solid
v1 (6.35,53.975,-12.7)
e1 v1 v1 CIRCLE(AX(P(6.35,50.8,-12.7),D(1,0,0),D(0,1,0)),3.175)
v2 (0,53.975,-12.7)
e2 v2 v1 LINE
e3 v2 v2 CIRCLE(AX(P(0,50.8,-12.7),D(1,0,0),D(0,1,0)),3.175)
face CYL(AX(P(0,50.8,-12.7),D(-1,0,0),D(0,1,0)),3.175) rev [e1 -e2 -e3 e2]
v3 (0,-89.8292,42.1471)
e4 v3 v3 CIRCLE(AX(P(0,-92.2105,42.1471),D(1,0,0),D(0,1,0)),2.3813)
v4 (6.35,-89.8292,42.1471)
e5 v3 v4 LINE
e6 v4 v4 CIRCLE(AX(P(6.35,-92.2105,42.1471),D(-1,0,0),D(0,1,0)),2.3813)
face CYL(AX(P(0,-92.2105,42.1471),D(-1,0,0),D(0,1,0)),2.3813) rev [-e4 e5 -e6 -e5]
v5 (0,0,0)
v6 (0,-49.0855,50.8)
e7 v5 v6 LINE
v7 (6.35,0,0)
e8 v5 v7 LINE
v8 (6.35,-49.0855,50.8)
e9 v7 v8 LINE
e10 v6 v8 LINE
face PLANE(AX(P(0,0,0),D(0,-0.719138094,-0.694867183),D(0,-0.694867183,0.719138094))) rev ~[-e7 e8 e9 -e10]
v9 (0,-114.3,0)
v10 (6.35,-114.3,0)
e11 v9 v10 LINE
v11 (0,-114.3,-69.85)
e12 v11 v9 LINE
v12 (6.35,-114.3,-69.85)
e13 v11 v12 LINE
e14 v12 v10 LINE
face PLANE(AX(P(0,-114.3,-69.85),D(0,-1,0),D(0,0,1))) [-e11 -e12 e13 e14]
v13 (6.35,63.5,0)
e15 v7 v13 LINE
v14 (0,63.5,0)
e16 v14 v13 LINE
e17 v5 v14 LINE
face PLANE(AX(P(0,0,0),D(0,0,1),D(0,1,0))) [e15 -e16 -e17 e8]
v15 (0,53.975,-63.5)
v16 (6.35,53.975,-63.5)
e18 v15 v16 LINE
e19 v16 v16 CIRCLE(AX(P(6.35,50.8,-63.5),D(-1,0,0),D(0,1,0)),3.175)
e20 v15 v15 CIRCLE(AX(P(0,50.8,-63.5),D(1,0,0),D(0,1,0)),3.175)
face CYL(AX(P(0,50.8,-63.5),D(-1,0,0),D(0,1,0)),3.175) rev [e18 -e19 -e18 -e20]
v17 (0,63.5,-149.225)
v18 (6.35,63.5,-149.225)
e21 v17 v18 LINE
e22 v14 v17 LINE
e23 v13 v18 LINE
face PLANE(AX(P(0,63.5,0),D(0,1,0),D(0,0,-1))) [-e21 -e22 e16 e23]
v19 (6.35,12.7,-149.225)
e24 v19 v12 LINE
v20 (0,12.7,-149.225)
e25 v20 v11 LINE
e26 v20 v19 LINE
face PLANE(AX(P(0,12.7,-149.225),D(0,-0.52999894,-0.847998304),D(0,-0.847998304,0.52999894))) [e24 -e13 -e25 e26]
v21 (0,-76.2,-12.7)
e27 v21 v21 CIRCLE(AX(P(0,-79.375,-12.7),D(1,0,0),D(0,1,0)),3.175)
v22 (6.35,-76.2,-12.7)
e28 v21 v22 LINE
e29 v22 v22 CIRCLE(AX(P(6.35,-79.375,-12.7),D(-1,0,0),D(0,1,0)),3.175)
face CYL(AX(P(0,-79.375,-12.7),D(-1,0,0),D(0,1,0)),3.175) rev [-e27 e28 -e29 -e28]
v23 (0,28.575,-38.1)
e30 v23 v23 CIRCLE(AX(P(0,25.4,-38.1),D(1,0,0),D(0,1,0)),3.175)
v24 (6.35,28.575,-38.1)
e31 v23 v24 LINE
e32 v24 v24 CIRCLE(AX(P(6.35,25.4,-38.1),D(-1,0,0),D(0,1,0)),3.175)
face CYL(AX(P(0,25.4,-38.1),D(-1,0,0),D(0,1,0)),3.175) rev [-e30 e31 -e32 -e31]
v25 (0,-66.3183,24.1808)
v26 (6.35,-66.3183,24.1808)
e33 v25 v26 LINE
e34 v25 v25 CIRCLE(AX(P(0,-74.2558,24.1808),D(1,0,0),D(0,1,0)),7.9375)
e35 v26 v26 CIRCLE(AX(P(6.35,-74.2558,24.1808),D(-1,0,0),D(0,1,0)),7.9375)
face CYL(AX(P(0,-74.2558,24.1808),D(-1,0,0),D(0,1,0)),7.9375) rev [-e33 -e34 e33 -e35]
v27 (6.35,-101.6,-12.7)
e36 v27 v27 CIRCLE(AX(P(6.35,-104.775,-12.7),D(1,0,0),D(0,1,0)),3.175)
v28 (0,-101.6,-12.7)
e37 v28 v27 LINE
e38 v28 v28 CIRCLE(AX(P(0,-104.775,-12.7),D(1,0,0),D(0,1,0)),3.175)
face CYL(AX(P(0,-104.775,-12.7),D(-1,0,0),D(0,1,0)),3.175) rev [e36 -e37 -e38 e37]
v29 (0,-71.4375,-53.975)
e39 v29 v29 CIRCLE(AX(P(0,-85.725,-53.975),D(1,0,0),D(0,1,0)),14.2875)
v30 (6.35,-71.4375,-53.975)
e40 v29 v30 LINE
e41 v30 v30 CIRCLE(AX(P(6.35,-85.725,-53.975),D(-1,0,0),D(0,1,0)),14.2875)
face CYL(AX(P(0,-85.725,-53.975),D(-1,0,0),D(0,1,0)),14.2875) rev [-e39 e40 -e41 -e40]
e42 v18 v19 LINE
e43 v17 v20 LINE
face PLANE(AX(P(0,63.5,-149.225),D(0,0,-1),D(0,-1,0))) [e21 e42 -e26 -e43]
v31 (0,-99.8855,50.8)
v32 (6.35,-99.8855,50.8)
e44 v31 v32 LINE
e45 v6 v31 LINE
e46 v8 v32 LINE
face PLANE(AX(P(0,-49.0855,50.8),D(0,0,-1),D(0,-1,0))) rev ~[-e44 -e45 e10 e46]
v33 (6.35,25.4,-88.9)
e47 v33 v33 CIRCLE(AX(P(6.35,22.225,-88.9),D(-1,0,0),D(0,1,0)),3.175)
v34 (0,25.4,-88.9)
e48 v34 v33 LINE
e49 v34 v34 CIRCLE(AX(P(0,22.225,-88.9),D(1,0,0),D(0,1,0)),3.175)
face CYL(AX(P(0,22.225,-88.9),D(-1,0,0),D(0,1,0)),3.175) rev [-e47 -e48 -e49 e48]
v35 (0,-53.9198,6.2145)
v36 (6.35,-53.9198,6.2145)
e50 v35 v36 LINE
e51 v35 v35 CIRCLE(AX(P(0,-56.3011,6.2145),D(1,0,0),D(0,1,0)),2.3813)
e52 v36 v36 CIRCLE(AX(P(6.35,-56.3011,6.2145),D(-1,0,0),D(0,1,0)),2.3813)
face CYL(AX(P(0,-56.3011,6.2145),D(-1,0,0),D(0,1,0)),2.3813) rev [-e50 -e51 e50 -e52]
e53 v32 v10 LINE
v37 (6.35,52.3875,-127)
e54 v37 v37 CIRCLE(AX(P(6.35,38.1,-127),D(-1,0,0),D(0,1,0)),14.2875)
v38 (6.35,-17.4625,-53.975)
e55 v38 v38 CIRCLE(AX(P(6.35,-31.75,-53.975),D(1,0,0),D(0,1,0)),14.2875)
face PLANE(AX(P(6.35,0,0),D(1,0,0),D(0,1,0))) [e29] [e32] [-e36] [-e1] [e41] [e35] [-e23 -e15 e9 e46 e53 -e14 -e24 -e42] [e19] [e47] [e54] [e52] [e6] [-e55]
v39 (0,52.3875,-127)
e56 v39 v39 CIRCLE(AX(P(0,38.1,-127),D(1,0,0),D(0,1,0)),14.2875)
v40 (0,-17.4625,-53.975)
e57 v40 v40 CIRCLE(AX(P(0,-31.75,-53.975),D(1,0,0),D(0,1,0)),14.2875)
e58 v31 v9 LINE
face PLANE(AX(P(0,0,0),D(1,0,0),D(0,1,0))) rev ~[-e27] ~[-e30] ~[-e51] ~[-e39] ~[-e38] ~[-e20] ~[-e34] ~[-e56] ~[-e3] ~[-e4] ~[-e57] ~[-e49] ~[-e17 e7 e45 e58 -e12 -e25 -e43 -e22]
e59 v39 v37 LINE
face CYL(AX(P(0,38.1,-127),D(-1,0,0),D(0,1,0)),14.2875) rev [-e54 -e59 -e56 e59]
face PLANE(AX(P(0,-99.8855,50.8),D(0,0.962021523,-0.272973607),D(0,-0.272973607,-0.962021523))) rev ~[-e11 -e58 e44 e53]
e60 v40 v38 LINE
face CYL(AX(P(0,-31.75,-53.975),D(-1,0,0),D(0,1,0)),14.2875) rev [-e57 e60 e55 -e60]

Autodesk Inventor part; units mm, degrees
ref_plane "YZ Plane" through (0, 0, 0) normal (1, 0, 0) x (0, 1, 0)
ref_plane "XZ Plane" through (0, 0, 0) normal (0, 1, 0) x (-1, 0, 0)
ref_plane "XY Plane" through (0, 0, 0) normal (0, 0, 1) x (1, 0, 0)
sketch "Sketch1" plane through (0, 0, 0) normal (1, 0, 0) x (0, 1, 0)
  line L0 (0, 0) -> (63.5, 0)
  line L1 (63.5, 0) -> (63.5, -149.225)
  line L2 (63.5, -149.225) -> (12.7, -149.225)
  circle A0 centre (-31.75, -53.975) radius 14.2875
  line L3 (63.5, -25.4) -> (-43.502, -25.4) construction
  circle A1 centre (50.8, -12.7) radius 3.175
  circle A2 centre (-104.775, -12.7) radius 3.175
  line L4 (12.7, -149.225) -> (-114.3, -69.85)
  line L5 (-114.3, -69.85) -> (-114.3, 0)
  line L6 (-114.3, 0) -> (0, 0) construction
  circle A3 centre (-85.725, -53.975) radius 14.2875
  line L7 (-53.2384, 0) -> (-95.25, 0)
  line L8 (-95.25, 0) -> (-95.25, 45.1866) construction
  line L9 (-95.25, 45.1866) -> (-53.2384, 45.1866) construction
  line L10 (-53.2384, 45.1866) -> (-53.2384, 0) construction
  line L11 (-95.25, 45.1866) -> (-114.3, 0) construction
  line L12 (-53.2384, 45.1866) -> (0, 0) construction
  circle A4 centre (-56.3011, 6.2145) radius 2.3813
  circle A5 centre (-92.2105, 42.1471) radius 2.3813
  line L13 (0, 0) -> (-49.0855, 50.8)
  line L14 (-49.0855, 50.8) -> (-99.8855, 50.8)
  line L15 (-99.8855, 50.8) -> (-114.3, 0)
  circle A6 centre (-74.2558, 24.1808) radius 7.9375
  line L16 (-92.2105, 42.1471) -> (-74.2558, 24.1808) construction
  line L17 (-74.2558, 24.1808) -> (-56.3011, 6.2145) construction
  circle A7 centre (38.1, -127) radius 14.2875
  circle A8 centre (22.225, -88.9) radius 3.175
  circle A9 centre (50.8, -63.5) radius 3.175
  circle A10 centre (25.4, -38.1) radius 3.175
  circle A11 centre (-79.375, -12.7) radius 3.175
  dimension "d1" = 28.575
  dimension "d2" = 63.5
  dimension "d6" = 25.4
  dimension "d7" = 6.35
  dimension "d8" = 6.35
  dimension "d9" = 12.7
  dimension "d10" = 12.7
  dimension "d12" = 12.7
  dimension "d17" = 50.8
  dimension "d18" = 114.3
  dimension "d19" = 9.525
  dimension "d20" = 53.975
  dimension "d21" = 28.575
  dimension "d24" = 53.975
  dimension "d25" = 69.85
  dimension "d26" = 53.975
  dimension "d27" = 149.225
  dimension "d28" = 107.002
  dimension "d29" = 42.0116
  dimension "d30" = 19.05
  dimension "d31" = 45.1866
  dimension "d32" = 50.8
  dimension "d33" = 4.7625
  dimension "d34" = 3.0395
  dimension "d35" = 3.0395
  dimension "d36" = 6.2145
  dimension "d37" = 50.8
  dimension "d38" = 50.8
  dimension "d39" = 4.1529
  dimension "d40" = 15.875
  dimension "d42" = 22.225
  dimension "d43" = 25.4
  dimension "d44" = 28.575
  dimension "d45" = 6.35
  dimension "d46" = 6.35
  dimension "d47" = 6.35
  dimension "d48" = 38.1
  dimension "d49" = 38.1
  dimension "d50" = 41.275
  dimension "d51" = 12.7
  dimension "d52" = 63.5
  dimension "d53" = 88.9
  dimension "d54" = 6.35
  dimension "d55" = 12.7
  dimension "d56" = 25.4
extrude "Extrusion1" add sketch "Sketch1" along normal blind 6.35 contours L0 L1 L2 L4 L5 L15 L14 L13 | A3 | A4 | A5 | A6 | A7 | A8 | A9 | A10 | A11
extrude "Extrusion2" cut sketch "Sketch1" along normal blind 25.4 contours A3 | A4 | A5 | A6 | A7 | A8 | A9 | A10 | A11
equation "\"BendRadius\" = Thickness"
equation "\"BendReliefWidth\" = Thickness"
equation "\"BendReliefDepth\" = 0.5 * Thickness"
equation "\"CornerReliefSize\" = 4 * Thickness"
equation "\"MinimumRemnant\" = 2 * Thickness"
equation "\"TransitionRadius\" = BendRadius"
equation "\"JacobiRadiusSize\" = Thickness"
equation "\"GapSize\" = Thickness"
equation "\"Thickness\" = 3.048"
properties part number "15102898-16-P-0302" material "Aluminum 6061"
